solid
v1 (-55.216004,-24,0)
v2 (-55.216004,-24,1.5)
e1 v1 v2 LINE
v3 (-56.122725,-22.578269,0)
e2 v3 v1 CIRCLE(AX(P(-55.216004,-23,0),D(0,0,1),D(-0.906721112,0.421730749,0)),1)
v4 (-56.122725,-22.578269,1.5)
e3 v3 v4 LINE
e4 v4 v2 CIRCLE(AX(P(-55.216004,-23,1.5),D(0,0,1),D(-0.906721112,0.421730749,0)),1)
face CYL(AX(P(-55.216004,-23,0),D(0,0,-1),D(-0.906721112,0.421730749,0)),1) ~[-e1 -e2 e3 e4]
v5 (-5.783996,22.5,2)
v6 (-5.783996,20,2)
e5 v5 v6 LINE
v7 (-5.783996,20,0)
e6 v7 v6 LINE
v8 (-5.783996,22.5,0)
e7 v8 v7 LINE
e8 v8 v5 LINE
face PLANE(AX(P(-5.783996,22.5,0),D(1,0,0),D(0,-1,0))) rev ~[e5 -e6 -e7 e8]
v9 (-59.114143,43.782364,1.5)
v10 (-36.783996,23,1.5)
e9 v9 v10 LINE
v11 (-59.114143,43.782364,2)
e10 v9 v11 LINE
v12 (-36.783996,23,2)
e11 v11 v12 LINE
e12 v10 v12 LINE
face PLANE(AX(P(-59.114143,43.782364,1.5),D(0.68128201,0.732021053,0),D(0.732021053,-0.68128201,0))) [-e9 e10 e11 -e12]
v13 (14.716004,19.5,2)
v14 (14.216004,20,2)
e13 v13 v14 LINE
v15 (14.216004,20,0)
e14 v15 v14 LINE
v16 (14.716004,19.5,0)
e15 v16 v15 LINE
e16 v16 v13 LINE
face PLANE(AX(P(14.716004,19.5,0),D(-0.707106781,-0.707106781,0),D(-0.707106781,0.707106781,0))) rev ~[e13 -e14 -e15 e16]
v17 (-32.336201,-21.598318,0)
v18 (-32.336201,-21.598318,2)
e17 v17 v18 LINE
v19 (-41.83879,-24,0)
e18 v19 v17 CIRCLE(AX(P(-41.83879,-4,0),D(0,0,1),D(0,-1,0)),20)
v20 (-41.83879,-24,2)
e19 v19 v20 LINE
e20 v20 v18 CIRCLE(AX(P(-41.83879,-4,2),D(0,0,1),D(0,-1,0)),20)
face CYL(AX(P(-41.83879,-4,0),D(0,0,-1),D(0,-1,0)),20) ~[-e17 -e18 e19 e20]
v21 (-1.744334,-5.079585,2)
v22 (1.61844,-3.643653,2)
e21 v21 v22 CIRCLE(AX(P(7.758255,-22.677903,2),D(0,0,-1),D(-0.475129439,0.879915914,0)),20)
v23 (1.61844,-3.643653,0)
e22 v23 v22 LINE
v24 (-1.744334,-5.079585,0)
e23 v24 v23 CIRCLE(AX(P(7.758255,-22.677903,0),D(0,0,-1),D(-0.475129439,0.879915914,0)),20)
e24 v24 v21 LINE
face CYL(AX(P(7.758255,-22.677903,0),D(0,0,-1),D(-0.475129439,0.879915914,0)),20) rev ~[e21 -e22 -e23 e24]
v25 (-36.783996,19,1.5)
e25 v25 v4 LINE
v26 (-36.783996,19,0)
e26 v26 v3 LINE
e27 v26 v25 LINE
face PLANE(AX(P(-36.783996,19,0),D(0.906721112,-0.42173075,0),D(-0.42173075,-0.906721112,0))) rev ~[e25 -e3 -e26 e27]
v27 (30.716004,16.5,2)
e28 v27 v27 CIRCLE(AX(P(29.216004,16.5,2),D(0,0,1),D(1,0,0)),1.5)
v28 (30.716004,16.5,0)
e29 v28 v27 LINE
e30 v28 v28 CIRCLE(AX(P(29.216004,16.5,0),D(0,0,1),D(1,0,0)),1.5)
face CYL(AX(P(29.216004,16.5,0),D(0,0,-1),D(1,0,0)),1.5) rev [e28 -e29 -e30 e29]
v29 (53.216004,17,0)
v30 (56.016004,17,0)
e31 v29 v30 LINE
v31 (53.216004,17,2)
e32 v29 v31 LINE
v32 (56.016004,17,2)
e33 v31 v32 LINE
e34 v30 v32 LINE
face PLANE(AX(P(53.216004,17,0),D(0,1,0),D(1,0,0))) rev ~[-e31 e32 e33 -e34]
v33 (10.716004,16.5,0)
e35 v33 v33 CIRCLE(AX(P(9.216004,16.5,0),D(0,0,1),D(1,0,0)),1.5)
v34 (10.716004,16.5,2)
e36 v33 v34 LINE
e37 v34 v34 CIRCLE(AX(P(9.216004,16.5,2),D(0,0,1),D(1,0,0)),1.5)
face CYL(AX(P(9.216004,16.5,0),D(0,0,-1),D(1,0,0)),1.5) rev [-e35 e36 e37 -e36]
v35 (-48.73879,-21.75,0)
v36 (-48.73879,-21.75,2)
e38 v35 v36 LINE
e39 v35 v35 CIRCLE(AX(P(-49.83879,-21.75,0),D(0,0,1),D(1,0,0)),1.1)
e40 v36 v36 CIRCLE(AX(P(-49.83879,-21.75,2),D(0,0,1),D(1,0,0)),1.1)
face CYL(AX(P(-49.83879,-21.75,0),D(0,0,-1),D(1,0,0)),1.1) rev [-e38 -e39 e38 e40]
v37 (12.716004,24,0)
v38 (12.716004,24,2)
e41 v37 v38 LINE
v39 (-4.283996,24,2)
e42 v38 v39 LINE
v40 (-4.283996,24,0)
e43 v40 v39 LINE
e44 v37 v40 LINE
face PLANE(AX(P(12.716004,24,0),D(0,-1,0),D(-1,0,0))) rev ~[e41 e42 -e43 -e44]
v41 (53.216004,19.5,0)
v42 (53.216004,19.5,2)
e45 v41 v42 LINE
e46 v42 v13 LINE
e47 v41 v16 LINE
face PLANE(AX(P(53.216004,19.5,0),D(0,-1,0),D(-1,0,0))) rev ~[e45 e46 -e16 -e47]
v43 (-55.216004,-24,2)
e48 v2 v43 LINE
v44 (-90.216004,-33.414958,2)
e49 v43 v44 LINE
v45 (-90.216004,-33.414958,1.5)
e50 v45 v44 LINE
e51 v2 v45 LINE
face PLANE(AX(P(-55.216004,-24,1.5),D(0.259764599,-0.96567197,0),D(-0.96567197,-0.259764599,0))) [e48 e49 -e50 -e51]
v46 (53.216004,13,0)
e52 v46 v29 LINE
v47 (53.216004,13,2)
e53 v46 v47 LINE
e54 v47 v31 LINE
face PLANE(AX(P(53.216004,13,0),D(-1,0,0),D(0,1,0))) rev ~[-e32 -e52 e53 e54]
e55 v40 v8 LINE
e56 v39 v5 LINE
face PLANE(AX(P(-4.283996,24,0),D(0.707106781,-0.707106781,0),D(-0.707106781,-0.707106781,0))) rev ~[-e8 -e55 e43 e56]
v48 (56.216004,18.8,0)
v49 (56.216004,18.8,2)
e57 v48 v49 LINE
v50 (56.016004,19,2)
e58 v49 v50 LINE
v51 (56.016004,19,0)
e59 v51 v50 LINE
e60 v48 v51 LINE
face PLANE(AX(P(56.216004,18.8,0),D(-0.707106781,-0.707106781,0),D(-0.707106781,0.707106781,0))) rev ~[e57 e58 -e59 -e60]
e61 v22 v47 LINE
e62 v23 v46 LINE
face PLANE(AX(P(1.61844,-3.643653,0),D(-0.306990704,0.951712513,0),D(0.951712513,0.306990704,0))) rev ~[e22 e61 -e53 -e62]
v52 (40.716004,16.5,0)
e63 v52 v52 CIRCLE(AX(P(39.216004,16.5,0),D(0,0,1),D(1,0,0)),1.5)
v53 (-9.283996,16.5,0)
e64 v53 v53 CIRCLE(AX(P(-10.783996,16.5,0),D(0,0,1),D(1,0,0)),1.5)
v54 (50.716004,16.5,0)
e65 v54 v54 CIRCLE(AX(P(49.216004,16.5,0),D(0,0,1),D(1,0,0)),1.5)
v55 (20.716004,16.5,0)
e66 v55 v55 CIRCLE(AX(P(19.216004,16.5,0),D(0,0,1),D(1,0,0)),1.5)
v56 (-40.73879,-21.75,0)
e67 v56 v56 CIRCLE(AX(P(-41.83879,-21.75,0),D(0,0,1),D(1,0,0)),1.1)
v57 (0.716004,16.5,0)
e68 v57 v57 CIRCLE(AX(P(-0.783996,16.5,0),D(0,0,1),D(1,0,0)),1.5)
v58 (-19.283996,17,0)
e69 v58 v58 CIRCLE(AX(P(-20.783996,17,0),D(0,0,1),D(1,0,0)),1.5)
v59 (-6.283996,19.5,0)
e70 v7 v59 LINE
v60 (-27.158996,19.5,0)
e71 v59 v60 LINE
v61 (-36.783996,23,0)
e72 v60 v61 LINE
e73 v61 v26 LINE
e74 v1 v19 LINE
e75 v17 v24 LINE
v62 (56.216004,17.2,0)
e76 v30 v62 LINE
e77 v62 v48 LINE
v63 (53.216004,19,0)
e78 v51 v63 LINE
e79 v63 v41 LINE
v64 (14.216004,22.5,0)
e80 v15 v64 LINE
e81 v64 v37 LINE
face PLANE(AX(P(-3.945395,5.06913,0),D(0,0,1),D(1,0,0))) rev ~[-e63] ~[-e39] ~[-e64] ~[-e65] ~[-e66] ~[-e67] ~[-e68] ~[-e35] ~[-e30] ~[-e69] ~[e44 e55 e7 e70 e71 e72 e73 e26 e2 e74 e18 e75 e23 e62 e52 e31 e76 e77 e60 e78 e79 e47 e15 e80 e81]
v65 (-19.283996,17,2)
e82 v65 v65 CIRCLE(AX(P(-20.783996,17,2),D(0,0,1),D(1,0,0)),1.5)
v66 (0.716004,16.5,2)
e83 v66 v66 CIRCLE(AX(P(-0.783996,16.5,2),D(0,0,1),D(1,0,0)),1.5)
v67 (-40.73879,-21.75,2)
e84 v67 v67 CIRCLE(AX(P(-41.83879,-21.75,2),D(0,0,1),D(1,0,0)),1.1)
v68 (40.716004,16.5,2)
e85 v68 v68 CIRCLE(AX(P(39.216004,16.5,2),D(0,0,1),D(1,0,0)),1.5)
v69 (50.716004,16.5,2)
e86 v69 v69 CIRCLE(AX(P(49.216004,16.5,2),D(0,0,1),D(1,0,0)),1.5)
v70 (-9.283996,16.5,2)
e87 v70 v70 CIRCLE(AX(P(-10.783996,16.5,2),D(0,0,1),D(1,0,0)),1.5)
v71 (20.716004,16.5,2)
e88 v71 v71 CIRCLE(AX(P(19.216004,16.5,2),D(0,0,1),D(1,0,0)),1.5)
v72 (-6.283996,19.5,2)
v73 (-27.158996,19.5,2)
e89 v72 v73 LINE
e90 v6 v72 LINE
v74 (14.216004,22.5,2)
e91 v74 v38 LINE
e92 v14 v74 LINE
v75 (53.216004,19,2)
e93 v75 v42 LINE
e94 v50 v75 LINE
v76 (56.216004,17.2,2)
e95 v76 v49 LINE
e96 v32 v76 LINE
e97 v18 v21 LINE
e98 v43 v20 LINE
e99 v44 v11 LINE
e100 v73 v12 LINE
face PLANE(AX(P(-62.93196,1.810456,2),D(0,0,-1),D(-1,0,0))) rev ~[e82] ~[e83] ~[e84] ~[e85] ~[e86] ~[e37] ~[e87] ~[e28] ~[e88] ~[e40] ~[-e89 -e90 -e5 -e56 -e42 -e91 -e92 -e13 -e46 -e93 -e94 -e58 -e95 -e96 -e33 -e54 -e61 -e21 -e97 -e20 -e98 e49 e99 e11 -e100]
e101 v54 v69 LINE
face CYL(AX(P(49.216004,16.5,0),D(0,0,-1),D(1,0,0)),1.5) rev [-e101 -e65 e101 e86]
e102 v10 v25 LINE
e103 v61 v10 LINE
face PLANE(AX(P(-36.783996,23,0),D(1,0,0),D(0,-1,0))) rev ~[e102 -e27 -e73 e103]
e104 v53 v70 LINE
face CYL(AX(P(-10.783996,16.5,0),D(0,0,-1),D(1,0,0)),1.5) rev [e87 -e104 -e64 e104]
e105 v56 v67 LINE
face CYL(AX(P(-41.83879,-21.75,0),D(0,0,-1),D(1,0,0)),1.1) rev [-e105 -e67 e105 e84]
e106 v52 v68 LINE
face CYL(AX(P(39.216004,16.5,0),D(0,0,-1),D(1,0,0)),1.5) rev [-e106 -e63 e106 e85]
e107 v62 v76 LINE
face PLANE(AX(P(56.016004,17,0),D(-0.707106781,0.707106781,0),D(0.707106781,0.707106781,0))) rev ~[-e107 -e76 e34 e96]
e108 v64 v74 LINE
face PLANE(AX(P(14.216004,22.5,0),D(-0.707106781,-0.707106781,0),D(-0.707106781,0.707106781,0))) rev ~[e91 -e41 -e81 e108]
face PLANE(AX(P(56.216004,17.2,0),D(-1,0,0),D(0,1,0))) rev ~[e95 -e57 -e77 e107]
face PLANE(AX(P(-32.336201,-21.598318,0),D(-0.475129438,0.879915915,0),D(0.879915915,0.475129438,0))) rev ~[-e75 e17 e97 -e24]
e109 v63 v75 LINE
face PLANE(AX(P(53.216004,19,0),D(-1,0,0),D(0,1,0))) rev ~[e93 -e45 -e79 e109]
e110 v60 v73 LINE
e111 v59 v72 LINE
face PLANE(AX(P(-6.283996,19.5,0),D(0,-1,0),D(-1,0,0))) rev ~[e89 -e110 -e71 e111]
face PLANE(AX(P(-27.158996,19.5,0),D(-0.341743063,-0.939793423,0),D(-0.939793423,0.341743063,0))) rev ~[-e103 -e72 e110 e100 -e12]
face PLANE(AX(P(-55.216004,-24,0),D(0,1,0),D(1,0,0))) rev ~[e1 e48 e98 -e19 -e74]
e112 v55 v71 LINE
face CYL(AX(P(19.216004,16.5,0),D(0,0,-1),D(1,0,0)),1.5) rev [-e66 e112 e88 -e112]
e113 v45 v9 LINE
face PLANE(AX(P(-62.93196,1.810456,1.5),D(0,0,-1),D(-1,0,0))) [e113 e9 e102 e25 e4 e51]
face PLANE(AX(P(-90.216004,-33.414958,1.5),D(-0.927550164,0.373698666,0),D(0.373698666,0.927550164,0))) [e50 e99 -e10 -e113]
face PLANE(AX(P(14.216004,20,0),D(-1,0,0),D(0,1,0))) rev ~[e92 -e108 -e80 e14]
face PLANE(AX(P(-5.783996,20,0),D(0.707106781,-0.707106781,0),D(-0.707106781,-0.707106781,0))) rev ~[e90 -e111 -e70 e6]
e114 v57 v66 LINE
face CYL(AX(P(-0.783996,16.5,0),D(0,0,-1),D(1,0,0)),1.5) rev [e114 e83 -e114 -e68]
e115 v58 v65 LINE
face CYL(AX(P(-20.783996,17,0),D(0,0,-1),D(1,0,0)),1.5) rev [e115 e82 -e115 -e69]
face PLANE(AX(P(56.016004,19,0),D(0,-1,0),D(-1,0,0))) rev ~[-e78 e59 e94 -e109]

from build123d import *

# Parameters (mm, degrees)
SKETCH_1_R      = 1.1
SKETCH_1_R_2    = 1.5
EXTRUDE_1_DEPTH = 2
EXTRUDE_START   = -0.5
EXTRUDE_2_DEPTH = 0.5


with BuildPart() as part:
    # 草图1 → 凸台-拉伸1 (new body)
    with BuildSketch(Plane.XY):
        with BuildLine():
            Line((56.016004386, 19), (53.216004386, 19))
            Line((53.216004386, 19), (53.216004386, 19.5))
            Line((53.216004386, 19.5), (14.716004386, 19.5))
            Line((14.716004386, 19.5), (14.216004386, 20))
            Line((14.216004386, 20), (14.216004386, 22.5))
            Line((14.216004386, 22.5), (12.716004386, 24))
            Line((12.716004386, 24), (-4.283995614, 24))
            Line((-4.283995614, 24), (-5.783995614, 22.5))
            Line((-5.783995614, 22.5), (-5.783995614, 20))
            Line((-5.783995614, 20), (-6.283995614, 19.5))
            Line((-6.283995614, 19.5), (-27.158995614, 19.5))
            Line((-27.158995614, 19.5), (-36.783995614, 23))
            Line((-36.783995614, 23), (-36.783995614, 19))
            Line((-36.783995614, 19), (-56.122725498, -22.57826925))
            ThreePointArc((-56.122725498, -22.57826925), (-56.059132712, -23.5377124), (-55.216004386, -24))
            Line((-55.216004386, -24), (-41.838790186, -24))
            ThreePointArc((-41.838790186, -24), (-36.938094618, -23.390285788), (-32.336201424, -21.598318295))
            Line((-32.336201424, -21.598318295), (-1.744334209, -5.079584588))
            ThreePointArc((-1.744334209, -5.079584588), (-0.095831441, -4.284607006), (1.618440476, -3.643652619))
            Line((1.618440476, -3.643652619), (53.216004386, 13))
            Line((53.216004386, 13), (53.216004386, 17))
            Line((53.216004386, 17), (56.016004386, 17))
            Line((56.016004386, 17), (56.216004386, 17.2))
            Line((56.216004386, 17.2), (56.216004386, 18.8))
            Line((56.216004386, 18.8), (56.016004386, 19))
        make_face()
        with Locations((-41.838790186, -21.75)):
            Circle(SKETCH_1_R, mode=Mode.SUBTRACT)
        with Locations((-49.838790186, -21.75)):
            Circle(SKETCH_1_R, mode=Mode.SUBTRACT)
        with Locations((49.216004386, 16.5)):
            Circle(SKETCH_1_R_2, mode=Mode.SUBTRACT)
        with Locations((39.216004386, 16.5)):
            Circle(SKETCH_1_R_2, mode=Mode.SUBTRACT)
        with Locations((29.216004386, 16.5)):
            Circle(SKETCH_1_R_2, mode=Mode.SUBTRACT)
        with Locations((19.216004386, 16.5)):
            Circle(SKETCH_1_R_2, mode=Mode.SUBTRACT)
        with Locations((9.216004386, 16.5)):
            Circle(SKETCH_1_R_2, mode=Mode.SUBTRACT)
        with Locations((-0.783995614, 16.5)):
            Circle(SKETCH_1_R_2, mode=Mode.SUBTRACT)
        with Locations((-10.783995614, 16.5)):
            Circle(SKETCH_1_R_2, mode=Mode.SUBTRACT)
        with Locations((-20.783995614, 17)):
            Circle(SKETCH_1_R_2, mode=Mode.SUBTRACT)
    extrude(amount=EXTRUDE_1_DEPTH)

    # 草图2 → 凸台-拉伸2 (add)
    with BuildSketch(Plane.XY.offset(2).offset(EXTRUDE_START)):
        with BuildLine():
            Line((-55.216004386, -24), (-90.216004386, -33.41495792))
            Line((-90.216004386, -33.41495792), (-59.114143441, 43.782364027))
            Line((-59.114143441, 43.782364027), (-36.783995614, 23))
            Line((-36.783995614, 23), (-36.783995614, 19))
            Line((-36.783995614, 19), (-56.122725498, -22.57826925))
            ThreePointArc((-56.122725498, -22.57826925), (-56.059132712, -23.5377124), (-55.216004386, -24))
        make_face()
    extrude(amount=EXTRUDE_2_DEPTH)


solid = part.part
